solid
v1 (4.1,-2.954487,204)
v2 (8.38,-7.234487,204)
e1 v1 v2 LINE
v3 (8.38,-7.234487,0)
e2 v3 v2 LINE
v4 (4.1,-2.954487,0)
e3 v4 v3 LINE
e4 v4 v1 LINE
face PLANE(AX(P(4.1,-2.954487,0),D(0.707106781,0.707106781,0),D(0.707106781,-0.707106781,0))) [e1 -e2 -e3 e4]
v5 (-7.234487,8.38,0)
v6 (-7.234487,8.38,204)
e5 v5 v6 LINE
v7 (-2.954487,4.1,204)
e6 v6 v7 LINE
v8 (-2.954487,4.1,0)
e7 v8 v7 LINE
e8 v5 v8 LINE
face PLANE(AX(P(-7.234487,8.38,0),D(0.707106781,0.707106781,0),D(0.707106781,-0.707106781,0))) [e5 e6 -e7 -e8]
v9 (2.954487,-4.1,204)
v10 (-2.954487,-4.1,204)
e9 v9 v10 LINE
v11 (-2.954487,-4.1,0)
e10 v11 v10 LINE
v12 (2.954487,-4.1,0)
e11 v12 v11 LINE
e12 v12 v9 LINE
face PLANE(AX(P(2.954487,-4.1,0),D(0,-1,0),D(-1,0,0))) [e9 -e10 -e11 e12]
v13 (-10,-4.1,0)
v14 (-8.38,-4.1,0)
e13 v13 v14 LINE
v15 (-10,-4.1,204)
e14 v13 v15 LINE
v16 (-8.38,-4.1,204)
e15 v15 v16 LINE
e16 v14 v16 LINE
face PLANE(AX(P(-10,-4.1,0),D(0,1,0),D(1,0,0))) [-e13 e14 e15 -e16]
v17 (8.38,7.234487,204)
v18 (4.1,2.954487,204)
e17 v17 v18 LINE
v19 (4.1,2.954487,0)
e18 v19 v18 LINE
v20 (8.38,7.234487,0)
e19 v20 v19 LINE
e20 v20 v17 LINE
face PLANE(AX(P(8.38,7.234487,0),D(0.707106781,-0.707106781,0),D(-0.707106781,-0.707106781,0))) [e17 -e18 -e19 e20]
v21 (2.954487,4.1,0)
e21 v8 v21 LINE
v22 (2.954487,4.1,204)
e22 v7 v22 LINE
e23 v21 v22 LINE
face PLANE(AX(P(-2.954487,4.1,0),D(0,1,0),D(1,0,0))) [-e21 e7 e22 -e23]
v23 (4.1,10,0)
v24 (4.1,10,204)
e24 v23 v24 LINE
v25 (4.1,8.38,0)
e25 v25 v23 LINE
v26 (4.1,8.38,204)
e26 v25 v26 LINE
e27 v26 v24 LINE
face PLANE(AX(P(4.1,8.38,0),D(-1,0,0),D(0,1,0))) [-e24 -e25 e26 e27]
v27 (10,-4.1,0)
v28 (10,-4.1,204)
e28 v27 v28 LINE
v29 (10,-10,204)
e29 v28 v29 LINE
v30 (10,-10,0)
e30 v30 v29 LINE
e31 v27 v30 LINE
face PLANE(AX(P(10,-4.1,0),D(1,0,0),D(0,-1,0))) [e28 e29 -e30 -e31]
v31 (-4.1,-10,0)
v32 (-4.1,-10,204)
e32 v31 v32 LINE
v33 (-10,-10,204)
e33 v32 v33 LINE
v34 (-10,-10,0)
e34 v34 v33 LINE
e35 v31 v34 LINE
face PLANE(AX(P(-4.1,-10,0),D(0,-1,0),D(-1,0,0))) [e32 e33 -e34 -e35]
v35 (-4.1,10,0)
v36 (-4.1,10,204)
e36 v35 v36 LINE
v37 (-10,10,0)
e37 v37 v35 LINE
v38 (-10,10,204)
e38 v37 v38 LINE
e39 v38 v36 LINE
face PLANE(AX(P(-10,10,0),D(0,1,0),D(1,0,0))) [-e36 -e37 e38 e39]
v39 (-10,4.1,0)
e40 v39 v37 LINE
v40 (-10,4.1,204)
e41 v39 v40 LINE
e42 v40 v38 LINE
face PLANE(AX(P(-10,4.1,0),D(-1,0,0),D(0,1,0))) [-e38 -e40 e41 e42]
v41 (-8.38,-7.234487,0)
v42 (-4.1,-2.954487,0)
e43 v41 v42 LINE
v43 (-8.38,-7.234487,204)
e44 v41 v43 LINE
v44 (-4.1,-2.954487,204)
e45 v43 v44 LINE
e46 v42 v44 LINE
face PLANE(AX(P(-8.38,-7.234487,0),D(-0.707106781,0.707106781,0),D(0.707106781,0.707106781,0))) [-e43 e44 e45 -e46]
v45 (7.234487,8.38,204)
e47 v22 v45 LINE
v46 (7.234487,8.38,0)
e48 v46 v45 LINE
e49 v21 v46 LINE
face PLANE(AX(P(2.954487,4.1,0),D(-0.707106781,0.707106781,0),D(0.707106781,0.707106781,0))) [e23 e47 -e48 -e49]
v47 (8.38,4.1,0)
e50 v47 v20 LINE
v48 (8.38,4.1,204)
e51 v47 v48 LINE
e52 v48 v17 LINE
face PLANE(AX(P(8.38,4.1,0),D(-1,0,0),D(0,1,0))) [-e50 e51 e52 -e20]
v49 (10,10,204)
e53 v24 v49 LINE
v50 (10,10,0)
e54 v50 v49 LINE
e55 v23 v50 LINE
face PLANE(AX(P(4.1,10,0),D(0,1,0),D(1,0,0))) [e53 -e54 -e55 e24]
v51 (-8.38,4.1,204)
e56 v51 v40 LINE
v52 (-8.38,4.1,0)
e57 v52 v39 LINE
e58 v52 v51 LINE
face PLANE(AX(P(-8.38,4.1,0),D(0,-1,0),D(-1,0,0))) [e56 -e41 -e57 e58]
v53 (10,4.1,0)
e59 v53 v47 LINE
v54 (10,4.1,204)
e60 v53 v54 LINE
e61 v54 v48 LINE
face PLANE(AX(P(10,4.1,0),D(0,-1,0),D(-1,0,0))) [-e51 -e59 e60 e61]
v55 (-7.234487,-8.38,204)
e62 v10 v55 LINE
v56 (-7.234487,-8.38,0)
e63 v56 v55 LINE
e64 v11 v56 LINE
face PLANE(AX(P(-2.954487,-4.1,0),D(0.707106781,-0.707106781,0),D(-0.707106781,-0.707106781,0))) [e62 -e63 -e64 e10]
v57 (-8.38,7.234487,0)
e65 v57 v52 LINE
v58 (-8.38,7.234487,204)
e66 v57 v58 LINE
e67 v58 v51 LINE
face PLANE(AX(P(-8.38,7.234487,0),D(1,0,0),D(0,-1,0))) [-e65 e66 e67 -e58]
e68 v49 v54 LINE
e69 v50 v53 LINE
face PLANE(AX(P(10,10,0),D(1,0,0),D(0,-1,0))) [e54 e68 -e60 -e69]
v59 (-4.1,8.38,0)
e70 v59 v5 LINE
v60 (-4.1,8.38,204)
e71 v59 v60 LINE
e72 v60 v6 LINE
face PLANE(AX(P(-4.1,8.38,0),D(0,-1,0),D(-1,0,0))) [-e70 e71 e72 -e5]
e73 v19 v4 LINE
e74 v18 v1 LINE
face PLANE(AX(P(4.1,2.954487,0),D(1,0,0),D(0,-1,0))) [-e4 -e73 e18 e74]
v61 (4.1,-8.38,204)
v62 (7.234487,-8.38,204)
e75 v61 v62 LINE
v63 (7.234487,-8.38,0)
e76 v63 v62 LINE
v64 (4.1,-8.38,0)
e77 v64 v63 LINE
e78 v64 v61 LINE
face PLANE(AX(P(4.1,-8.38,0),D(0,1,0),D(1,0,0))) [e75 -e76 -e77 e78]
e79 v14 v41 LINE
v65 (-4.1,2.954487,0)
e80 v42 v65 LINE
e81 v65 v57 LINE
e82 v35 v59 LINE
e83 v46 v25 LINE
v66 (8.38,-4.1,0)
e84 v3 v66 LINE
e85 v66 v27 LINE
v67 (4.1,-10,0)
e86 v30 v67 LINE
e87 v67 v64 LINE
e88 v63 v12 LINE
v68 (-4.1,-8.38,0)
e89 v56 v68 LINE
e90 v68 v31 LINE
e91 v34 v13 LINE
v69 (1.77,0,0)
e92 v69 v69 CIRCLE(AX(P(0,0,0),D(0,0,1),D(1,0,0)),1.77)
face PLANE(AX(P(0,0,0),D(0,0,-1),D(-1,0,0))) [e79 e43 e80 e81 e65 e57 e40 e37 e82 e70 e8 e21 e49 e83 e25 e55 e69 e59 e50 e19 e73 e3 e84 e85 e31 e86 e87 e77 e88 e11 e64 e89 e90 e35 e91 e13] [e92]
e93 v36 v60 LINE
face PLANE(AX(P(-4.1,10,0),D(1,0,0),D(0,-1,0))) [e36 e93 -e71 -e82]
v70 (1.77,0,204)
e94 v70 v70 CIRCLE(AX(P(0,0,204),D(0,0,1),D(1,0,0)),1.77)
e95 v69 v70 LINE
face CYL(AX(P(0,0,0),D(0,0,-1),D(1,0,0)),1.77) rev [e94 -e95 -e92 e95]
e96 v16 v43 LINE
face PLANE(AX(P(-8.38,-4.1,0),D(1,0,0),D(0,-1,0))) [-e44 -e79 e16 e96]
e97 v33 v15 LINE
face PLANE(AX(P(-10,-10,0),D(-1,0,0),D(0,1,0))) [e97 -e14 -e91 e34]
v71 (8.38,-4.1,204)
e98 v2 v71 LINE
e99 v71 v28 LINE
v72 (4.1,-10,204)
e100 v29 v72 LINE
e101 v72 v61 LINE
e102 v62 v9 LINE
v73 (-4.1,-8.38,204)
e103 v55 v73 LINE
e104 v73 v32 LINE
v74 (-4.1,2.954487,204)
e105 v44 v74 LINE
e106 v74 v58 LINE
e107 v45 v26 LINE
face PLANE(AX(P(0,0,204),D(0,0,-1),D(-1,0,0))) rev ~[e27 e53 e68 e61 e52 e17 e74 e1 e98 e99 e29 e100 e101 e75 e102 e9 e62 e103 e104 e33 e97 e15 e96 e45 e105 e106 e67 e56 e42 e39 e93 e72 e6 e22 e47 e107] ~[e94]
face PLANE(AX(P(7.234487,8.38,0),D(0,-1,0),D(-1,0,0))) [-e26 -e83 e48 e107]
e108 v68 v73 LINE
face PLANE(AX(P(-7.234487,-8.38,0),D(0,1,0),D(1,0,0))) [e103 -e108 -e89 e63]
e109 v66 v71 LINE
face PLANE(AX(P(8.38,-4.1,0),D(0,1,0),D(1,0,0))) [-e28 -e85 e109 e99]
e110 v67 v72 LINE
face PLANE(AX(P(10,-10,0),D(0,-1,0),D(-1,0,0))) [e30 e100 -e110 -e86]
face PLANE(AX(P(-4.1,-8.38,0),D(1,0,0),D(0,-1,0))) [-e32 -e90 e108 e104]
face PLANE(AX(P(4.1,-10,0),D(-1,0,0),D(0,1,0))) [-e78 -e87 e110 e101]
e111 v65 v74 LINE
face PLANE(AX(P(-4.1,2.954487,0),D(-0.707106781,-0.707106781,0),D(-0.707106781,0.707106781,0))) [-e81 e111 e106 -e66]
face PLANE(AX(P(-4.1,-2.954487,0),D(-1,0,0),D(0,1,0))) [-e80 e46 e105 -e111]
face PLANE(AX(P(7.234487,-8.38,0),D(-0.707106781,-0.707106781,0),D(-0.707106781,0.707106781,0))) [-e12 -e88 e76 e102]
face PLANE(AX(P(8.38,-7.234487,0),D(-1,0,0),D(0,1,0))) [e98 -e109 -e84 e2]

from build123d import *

# Parameters (mm, degrees)
SKETCH1_R           = 1.77
BOSS_EXTRUDE1_DEPTH = 204


with BuildPart() as part:
    # Sketch1 → Boss-Extrude1 (new body)
    with BuildSketch(Plane.XY):
        Polygon((-8.38, 4.1), (-10, 4.1), (-10, 10), (-4.1, 10), (-4.1, 8.38), (-7.234487014, 8.38), (-2.954487014, 4.1), (2.954487014, 4.1), (7.234487014, 8.38), (4.1, 8.38), (4.1, 10), (10, 10), (10, 4.1), (8.38, 4.1), (8.38, 7.234487014), (4.1, 2.954487014), (4.1, -2.954487014), (8.38, -7.234487014), (8.38, -4.1), (10, -4.1), (10, -10), (4.1, -10), (4.1, -8.38), (7.234487014, -8.38), (2.954487014, -4.1), (-2.954487014, -4.1), (-7.234487014, -8.38), (-4.1, -8.38), (-4.1, -10), (-10, -10), (-10, -4.1), (-8.38, -4.1), (-8.38, -7.234487014), (-4.1, -2.954487014), (-4.1, 2.954487014), (-8.38, 7.234487014), align=None)
        Circle(SKETCH1_R, mode=Mode.SUBTRACT)
    extrude(amount=BOSS_EXTRUDE1_DEPTH)


solid = part.part
